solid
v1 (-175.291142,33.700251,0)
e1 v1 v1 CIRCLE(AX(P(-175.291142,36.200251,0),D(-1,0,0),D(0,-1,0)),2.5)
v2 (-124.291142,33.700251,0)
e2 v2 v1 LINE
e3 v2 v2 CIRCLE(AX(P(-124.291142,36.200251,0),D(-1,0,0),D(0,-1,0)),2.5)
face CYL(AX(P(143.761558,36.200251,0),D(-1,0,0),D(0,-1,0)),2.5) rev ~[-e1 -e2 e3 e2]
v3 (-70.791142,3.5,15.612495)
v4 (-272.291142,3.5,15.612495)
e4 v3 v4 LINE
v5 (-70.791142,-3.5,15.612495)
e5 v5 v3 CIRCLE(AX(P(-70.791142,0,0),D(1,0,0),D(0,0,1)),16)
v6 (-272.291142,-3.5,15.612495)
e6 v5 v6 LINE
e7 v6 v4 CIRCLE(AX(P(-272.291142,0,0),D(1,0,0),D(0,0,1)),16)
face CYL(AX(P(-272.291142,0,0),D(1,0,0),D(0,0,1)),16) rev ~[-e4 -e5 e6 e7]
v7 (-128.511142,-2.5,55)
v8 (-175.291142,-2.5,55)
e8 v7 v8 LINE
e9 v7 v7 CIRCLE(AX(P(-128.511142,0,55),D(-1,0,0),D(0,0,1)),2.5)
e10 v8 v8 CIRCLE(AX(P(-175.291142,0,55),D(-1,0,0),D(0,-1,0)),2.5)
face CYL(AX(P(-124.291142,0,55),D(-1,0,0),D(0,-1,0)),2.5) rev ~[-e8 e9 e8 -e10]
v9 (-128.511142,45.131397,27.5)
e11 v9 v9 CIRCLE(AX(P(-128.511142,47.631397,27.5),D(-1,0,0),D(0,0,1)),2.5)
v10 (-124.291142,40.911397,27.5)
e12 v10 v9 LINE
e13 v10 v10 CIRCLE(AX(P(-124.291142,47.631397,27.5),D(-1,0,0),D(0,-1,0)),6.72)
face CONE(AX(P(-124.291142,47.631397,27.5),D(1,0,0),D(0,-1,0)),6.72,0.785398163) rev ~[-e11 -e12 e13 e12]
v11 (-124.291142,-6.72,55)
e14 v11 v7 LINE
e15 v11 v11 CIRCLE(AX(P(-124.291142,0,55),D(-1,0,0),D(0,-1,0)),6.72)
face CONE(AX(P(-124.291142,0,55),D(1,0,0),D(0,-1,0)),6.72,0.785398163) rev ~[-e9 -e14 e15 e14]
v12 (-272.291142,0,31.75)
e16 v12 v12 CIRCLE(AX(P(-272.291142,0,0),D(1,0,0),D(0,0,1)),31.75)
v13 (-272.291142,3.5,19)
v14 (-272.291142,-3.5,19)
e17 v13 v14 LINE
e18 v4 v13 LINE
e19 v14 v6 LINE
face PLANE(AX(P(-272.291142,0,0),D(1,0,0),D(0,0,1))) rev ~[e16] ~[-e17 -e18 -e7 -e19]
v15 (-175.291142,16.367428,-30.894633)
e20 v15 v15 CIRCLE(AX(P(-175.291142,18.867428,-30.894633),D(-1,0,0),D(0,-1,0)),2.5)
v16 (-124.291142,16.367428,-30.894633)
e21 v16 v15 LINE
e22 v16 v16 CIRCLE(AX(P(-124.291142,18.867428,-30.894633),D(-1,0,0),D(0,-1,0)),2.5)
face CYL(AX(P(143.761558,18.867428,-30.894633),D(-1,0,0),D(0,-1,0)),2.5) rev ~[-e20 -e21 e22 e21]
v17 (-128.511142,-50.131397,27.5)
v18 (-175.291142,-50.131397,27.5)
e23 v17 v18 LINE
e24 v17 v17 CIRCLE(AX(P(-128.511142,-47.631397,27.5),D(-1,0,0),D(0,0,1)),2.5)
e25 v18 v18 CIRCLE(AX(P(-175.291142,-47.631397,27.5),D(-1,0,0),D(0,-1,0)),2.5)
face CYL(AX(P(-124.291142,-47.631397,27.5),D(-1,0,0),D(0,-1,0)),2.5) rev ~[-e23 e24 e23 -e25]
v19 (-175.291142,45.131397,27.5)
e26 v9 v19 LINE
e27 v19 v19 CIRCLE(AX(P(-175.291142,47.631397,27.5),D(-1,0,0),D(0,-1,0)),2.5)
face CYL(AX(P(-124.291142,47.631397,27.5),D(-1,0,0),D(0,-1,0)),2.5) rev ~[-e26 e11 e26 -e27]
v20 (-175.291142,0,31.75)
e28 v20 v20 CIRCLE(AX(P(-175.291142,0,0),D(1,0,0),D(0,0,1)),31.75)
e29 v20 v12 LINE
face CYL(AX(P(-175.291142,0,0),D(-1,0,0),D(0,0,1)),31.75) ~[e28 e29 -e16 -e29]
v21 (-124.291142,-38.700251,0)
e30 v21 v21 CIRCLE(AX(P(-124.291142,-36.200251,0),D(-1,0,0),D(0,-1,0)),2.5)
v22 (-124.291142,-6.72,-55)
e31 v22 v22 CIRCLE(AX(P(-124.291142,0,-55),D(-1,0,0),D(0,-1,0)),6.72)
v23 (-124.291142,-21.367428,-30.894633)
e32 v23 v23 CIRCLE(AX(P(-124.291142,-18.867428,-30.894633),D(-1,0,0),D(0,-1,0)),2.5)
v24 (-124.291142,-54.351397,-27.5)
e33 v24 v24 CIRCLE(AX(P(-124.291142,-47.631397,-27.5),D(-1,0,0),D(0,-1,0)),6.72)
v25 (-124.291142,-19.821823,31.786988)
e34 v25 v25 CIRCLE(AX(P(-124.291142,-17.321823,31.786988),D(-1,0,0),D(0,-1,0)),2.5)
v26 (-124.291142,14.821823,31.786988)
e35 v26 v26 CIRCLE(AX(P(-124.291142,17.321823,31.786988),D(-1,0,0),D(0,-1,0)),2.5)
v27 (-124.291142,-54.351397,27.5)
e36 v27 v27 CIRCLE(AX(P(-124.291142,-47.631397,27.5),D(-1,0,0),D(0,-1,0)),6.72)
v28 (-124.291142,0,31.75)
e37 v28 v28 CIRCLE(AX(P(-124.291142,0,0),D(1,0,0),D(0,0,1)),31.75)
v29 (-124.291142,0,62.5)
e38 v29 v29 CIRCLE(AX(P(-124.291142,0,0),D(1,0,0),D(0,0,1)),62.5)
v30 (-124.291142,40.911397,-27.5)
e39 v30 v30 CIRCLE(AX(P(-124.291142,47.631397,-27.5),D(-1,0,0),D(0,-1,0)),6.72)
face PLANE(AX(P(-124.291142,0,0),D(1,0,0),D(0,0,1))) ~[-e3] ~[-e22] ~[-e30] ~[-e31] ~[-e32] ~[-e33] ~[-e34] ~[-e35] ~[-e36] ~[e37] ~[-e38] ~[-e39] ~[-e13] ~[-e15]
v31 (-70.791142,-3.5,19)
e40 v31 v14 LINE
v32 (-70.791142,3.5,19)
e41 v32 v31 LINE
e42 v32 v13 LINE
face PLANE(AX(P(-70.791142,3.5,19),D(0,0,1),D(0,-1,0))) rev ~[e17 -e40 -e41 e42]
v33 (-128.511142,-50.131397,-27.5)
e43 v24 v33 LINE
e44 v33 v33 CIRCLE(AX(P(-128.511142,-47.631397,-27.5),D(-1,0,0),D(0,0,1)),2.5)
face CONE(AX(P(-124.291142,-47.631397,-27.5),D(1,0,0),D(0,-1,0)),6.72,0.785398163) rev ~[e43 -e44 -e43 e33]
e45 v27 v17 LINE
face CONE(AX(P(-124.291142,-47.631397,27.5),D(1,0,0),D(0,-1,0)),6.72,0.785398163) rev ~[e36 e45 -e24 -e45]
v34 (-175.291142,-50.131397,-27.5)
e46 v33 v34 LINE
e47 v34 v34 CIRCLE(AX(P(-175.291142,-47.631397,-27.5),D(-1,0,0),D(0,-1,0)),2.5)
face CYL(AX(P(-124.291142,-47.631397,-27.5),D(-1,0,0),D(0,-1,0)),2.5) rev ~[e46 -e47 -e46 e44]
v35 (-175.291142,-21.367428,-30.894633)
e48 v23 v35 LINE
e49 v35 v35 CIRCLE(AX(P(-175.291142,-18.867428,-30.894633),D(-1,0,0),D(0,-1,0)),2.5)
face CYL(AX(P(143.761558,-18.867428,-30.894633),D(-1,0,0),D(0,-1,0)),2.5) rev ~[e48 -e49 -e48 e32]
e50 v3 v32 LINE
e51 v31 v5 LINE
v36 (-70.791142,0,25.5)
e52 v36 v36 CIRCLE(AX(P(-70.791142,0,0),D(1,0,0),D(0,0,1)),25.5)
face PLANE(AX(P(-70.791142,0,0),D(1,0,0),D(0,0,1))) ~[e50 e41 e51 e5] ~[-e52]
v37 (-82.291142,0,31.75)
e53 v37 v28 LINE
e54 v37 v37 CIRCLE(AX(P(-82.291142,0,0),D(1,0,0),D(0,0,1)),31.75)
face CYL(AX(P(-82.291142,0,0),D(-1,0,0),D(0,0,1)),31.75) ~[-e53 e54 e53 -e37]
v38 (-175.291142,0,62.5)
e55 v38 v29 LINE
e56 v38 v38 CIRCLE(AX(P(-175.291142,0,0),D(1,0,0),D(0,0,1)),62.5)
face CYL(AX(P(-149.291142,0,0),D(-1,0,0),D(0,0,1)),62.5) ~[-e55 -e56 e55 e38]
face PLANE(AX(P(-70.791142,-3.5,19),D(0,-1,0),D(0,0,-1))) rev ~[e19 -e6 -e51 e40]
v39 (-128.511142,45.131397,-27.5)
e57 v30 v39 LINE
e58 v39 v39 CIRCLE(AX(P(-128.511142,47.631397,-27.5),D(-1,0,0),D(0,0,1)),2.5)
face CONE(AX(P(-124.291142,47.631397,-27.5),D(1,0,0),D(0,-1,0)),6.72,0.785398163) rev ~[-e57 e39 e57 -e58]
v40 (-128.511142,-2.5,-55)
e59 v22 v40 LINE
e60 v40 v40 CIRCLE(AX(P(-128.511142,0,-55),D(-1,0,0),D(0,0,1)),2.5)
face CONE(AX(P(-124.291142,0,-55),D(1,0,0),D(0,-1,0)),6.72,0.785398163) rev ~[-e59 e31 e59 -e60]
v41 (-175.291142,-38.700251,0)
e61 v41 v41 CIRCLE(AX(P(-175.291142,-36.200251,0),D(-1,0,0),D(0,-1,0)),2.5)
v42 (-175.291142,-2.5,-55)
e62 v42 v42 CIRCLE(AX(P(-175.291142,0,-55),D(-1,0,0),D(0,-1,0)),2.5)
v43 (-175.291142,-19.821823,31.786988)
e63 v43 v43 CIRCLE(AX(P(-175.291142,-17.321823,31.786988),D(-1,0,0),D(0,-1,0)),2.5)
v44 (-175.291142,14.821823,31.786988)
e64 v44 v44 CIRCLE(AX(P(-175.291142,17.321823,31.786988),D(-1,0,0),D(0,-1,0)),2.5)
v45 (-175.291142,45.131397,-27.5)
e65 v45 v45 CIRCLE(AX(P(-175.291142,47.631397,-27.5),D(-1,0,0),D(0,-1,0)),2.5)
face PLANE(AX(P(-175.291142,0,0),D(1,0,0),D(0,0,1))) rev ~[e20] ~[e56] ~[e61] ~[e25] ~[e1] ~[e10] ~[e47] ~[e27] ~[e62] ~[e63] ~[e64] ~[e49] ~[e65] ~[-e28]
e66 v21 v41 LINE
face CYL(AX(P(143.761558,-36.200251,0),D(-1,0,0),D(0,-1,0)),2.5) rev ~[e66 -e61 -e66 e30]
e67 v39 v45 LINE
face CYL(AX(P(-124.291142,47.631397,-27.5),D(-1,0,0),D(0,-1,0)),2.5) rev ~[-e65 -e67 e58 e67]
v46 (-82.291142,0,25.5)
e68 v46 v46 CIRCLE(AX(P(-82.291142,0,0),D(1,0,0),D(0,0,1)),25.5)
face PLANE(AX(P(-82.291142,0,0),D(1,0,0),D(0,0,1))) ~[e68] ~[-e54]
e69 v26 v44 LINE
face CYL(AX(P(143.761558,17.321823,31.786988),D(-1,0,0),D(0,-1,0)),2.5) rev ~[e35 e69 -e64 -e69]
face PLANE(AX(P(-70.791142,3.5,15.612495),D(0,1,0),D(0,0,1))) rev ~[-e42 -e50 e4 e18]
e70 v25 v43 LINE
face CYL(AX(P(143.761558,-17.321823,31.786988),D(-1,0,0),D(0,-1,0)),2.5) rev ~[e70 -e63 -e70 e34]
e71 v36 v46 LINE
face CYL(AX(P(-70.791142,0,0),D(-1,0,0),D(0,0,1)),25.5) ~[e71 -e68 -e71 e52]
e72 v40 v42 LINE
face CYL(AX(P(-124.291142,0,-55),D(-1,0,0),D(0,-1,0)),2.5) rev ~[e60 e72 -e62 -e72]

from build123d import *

# Parameters (mm, degrees)
F2_DEPTH       = 25
F4_D           = 5
F4_CSINK_D     = 13.44
F4_CSINK_ANGLE = 90
F6_D           = 5
F8_DEPTH       = 201.5


with BuildPart() as f1:
    # F0 (on Front) → F1 (revolve)
    with BuildSketch(Plane.XZ):
        Polygon((-272.2911421515, 31.75), (-272.2911421515, 16), (-70.7911421515, 16), (-70.7911421515, 25.5), (-82.2911421515, 25.5), (-82.2911421515, 31.75), (-149.2911421515, 31.75), (-149.2911421515, 62.5), (-175.2911421515, 62.5), (-175.2911421515, 31.75), align=None)
    revolve(axis=Axis((18.6580618019, 0, 0), (1, 0, 0)))

    # F2 (add): a face of the model
    f2_faces = [f1.faces().sort_by_distance(p)[0] for p in [
        (-149.2911421515, 0, -33.517766953),
    ]]
    extrude(f2_faces, amount=F2_DEPTH)

    # F4 (through all)
    with Locations(Plane.YZ.offset(-124.2911421515)):
        with Locations((-47.6313972081, 27.5), (47.6313972081, 27.5), (0, 55), (0, -55), (47.6313972081, -27.5), (-47.6313972081, -27.5)):
            CounterSinkHole(F4_D / 2, F4_CSINK_D / 2, counter_sink_angle=F4_CSINK_ANGLE)

    # F6 (through all)
    with Locations(Plane.YZ.offset(-124.2911421515)):
        with Locations((-36.2002509452, 0), (-17.3218229571, 31.7869881861), (17.3218229571, 31.7869881861), (36.2002509452, 0), (18.8674278004, -30.8946328137), (-18.8674278004, -30.8946328137)):
            Hole(F6_D / 2)

    # F7 (on face) → F8 (cut, through all)
    with BuildSketch(Plane.YZ.offset(-70.7911421515)):
        with BuildLine():
            ThreePointArc((-3.5, 15.612494996), (0, 16), (3.5, 15.612494996))
            Line((3.5, 15.612494996), (3.5, 19))
            Line((3.5, 19), (-3.5, 19))
            Line((-3.5, 19), (-3.5, 15.612494996))
        make_face()
    extrude(amount=-F8_DEPTH, mode=Mode.SUBTRACT)


solid = f1.part
